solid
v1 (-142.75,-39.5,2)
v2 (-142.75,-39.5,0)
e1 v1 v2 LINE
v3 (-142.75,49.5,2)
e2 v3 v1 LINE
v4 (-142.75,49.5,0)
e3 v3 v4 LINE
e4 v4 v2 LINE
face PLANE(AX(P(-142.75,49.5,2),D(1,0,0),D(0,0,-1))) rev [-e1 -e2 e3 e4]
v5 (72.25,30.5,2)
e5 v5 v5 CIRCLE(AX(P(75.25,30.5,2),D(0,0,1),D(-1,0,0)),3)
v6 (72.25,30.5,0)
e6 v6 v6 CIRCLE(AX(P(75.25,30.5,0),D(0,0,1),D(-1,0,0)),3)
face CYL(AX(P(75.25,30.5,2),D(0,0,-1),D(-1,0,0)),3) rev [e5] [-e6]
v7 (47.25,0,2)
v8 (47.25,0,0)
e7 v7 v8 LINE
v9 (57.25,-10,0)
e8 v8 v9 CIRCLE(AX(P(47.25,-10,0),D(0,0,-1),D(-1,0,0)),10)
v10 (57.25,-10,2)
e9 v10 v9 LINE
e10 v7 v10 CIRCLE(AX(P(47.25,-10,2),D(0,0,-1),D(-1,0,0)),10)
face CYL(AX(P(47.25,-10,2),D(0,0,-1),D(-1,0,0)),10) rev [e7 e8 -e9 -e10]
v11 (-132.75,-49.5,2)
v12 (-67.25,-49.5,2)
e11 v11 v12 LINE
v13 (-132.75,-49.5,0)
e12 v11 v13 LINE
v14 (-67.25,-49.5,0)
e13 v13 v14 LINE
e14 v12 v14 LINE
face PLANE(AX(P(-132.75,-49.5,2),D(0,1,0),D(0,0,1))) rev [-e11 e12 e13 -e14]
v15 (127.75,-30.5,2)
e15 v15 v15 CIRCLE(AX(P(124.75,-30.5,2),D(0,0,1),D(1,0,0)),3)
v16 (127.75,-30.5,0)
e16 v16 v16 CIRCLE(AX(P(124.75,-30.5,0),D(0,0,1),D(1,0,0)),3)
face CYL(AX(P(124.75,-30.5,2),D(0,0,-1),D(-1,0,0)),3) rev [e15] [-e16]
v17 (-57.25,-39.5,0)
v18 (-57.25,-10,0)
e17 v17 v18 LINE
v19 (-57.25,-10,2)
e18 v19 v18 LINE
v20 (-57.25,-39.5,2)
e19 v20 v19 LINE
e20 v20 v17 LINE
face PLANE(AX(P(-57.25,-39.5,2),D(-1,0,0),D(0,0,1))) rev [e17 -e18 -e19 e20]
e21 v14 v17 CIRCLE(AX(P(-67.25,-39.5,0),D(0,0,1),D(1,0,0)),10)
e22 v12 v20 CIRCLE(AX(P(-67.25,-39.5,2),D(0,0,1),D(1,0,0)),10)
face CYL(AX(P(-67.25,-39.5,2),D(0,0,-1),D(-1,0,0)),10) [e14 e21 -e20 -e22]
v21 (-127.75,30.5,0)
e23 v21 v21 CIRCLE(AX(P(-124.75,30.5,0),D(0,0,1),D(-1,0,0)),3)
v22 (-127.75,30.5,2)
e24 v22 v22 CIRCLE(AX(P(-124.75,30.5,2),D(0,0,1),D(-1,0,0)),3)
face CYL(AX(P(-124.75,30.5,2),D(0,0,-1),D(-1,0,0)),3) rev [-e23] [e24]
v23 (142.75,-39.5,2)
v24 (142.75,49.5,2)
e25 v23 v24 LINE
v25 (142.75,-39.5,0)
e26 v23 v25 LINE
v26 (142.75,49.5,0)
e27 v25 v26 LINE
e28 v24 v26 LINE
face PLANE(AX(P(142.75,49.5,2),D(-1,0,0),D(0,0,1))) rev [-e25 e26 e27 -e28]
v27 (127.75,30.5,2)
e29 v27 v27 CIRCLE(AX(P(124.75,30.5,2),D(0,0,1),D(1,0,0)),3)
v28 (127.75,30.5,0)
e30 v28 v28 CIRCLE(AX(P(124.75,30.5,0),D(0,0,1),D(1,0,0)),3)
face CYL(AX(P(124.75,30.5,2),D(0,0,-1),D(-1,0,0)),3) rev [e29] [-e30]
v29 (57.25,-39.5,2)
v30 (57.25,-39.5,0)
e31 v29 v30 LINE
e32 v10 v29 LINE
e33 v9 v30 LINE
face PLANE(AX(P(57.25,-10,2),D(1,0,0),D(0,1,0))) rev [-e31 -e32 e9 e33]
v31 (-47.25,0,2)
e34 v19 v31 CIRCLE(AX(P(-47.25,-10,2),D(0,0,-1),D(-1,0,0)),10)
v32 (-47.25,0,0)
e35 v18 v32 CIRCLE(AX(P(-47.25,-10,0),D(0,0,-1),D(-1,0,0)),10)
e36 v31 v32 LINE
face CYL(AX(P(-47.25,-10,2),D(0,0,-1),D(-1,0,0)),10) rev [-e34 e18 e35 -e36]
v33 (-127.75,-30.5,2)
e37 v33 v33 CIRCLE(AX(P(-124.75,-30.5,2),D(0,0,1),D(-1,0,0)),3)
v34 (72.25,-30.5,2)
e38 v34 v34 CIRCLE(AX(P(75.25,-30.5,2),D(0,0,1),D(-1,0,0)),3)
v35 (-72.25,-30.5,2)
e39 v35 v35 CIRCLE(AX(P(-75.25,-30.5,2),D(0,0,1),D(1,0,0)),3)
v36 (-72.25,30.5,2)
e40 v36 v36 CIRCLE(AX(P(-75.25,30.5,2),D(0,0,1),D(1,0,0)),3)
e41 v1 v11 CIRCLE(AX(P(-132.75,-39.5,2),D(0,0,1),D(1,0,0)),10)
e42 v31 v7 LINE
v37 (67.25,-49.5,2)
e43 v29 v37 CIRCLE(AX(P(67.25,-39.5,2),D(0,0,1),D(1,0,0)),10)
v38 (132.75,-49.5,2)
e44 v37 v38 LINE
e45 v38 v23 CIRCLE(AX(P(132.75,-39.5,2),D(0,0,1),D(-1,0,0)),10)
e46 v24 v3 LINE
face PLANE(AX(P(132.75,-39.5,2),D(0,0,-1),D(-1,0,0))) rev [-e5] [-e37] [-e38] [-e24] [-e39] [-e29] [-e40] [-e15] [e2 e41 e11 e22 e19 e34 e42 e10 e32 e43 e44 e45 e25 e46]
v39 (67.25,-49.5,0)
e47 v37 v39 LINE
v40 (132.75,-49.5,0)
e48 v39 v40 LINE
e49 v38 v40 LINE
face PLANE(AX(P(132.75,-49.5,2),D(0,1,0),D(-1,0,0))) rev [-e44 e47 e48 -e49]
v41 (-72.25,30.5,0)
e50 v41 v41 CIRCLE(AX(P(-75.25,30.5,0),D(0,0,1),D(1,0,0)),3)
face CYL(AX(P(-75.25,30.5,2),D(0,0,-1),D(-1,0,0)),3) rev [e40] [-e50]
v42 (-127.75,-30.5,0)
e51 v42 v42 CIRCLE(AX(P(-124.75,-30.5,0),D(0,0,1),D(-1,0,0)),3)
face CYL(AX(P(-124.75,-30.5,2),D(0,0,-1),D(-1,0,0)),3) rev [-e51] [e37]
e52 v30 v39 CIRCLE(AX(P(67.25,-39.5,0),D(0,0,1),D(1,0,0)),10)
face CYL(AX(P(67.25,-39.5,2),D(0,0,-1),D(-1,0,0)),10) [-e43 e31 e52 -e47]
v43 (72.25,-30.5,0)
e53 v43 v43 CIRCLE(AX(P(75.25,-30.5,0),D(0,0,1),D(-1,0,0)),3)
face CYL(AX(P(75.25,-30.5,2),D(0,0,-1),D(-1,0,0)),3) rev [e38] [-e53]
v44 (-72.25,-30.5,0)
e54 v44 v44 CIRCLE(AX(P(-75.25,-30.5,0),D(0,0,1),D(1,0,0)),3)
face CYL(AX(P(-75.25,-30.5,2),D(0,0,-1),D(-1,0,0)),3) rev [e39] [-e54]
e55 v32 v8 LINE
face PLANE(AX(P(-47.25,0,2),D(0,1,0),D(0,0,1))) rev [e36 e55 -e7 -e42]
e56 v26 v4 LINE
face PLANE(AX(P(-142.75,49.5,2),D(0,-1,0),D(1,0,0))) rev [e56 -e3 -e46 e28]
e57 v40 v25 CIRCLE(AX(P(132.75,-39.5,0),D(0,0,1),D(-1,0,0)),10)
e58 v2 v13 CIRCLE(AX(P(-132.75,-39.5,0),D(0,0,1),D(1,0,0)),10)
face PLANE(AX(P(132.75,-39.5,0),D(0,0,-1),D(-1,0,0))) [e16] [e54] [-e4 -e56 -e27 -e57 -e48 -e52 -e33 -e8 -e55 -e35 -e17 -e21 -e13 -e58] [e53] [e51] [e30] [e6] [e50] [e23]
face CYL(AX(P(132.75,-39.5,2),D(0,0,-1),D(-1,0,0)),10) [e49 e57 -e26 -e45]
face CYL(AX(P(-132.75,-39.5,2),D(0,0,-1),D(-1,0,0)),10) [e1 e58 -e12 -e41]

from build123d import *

# Parameters (mm, degrees)
SKETCH1_R           = 3
BOSS_EXTRUDE1_DEPTH = 2


with BuildPart() as part:
    # Sketch1 → Boss-Extrude1 (new body)
    with BuildSketch(Plane.XY):
        with BuildLine():
            Line((-142.75, 49.5), (-142.75, -39.5))
            ThreePointArc((-142.75, -39.5), (-139.821067812, -46.571067812), (-132.75, -49.5))
            Line((-132.75, -49.5), (-67.25, -49.5))
            ThreePointArc((-67.25, -49.5), (-60.178932188, -46.571067812), (-57.25, -39.5))
            Line((-57.25, -39.5), (-57.25, -10))
            ThreePointArc((-57.25, -10), (-54.321067812, -2.928932188), (-47.25, 0))
            Line((-47.25, 0), (47.25, 0))
            ThreePointArc((47.25, 0), (54.321067812, -2.928932188), (57.25, -10))
            Line((57.25, -10), (57.25, -39.5))
            ThreePointArc((57.25, -39.5), (60.178932188, -46.571067812), (67.25, -49.5))
            Line((67.25, -49.5), (132.75, -49.5))
            ThreePointArc((132.75, -49.5), (139.821067812, -46.571067812), (142.75, -39.5))
            Line((142.75, -39.5), (142.75, 49.5))
            Line((142.75, 49.5), (-142.75, 49.5))
        make_face()
        with Locations((124.75, 30.5)):
            Circle(SKETCH1_R, mode=Mode.SUBTRACT)
        with Locations((124.75, -30.5)):
            Circle(SKETCH1_R, mode=Mode.SUBTRACT)
        with Locations((75.25, -30.5)):
            Circle(SKETCH1_R, mode=Mode.SUBTRACT)
        with Locations((75.25, 30.5)):
            Circle(SKETCH1_R, mode=Mode.SUBTRACT)
        with Locations((-75.25, -30.5)):
            Circle(SKETCH1_R, mode=Mode.SUBTRACT)
        with Locations((-75.25, 30.5)):
            Circle(SKETCH1_R, mode=Mode.SUBTRACT)
        with Locations((-124.75, 30.5)):
            Circle(SKETCH1_R, mode=Mode.SUBTRACT)
        with Locations((-124.75, -30.5)):
            Circle(SKETCH1_R, mode=Mode.SUBTRACT)
    extrude(amount=BOSS_EXTRUDE1_DEPTH)


solid = part.part
